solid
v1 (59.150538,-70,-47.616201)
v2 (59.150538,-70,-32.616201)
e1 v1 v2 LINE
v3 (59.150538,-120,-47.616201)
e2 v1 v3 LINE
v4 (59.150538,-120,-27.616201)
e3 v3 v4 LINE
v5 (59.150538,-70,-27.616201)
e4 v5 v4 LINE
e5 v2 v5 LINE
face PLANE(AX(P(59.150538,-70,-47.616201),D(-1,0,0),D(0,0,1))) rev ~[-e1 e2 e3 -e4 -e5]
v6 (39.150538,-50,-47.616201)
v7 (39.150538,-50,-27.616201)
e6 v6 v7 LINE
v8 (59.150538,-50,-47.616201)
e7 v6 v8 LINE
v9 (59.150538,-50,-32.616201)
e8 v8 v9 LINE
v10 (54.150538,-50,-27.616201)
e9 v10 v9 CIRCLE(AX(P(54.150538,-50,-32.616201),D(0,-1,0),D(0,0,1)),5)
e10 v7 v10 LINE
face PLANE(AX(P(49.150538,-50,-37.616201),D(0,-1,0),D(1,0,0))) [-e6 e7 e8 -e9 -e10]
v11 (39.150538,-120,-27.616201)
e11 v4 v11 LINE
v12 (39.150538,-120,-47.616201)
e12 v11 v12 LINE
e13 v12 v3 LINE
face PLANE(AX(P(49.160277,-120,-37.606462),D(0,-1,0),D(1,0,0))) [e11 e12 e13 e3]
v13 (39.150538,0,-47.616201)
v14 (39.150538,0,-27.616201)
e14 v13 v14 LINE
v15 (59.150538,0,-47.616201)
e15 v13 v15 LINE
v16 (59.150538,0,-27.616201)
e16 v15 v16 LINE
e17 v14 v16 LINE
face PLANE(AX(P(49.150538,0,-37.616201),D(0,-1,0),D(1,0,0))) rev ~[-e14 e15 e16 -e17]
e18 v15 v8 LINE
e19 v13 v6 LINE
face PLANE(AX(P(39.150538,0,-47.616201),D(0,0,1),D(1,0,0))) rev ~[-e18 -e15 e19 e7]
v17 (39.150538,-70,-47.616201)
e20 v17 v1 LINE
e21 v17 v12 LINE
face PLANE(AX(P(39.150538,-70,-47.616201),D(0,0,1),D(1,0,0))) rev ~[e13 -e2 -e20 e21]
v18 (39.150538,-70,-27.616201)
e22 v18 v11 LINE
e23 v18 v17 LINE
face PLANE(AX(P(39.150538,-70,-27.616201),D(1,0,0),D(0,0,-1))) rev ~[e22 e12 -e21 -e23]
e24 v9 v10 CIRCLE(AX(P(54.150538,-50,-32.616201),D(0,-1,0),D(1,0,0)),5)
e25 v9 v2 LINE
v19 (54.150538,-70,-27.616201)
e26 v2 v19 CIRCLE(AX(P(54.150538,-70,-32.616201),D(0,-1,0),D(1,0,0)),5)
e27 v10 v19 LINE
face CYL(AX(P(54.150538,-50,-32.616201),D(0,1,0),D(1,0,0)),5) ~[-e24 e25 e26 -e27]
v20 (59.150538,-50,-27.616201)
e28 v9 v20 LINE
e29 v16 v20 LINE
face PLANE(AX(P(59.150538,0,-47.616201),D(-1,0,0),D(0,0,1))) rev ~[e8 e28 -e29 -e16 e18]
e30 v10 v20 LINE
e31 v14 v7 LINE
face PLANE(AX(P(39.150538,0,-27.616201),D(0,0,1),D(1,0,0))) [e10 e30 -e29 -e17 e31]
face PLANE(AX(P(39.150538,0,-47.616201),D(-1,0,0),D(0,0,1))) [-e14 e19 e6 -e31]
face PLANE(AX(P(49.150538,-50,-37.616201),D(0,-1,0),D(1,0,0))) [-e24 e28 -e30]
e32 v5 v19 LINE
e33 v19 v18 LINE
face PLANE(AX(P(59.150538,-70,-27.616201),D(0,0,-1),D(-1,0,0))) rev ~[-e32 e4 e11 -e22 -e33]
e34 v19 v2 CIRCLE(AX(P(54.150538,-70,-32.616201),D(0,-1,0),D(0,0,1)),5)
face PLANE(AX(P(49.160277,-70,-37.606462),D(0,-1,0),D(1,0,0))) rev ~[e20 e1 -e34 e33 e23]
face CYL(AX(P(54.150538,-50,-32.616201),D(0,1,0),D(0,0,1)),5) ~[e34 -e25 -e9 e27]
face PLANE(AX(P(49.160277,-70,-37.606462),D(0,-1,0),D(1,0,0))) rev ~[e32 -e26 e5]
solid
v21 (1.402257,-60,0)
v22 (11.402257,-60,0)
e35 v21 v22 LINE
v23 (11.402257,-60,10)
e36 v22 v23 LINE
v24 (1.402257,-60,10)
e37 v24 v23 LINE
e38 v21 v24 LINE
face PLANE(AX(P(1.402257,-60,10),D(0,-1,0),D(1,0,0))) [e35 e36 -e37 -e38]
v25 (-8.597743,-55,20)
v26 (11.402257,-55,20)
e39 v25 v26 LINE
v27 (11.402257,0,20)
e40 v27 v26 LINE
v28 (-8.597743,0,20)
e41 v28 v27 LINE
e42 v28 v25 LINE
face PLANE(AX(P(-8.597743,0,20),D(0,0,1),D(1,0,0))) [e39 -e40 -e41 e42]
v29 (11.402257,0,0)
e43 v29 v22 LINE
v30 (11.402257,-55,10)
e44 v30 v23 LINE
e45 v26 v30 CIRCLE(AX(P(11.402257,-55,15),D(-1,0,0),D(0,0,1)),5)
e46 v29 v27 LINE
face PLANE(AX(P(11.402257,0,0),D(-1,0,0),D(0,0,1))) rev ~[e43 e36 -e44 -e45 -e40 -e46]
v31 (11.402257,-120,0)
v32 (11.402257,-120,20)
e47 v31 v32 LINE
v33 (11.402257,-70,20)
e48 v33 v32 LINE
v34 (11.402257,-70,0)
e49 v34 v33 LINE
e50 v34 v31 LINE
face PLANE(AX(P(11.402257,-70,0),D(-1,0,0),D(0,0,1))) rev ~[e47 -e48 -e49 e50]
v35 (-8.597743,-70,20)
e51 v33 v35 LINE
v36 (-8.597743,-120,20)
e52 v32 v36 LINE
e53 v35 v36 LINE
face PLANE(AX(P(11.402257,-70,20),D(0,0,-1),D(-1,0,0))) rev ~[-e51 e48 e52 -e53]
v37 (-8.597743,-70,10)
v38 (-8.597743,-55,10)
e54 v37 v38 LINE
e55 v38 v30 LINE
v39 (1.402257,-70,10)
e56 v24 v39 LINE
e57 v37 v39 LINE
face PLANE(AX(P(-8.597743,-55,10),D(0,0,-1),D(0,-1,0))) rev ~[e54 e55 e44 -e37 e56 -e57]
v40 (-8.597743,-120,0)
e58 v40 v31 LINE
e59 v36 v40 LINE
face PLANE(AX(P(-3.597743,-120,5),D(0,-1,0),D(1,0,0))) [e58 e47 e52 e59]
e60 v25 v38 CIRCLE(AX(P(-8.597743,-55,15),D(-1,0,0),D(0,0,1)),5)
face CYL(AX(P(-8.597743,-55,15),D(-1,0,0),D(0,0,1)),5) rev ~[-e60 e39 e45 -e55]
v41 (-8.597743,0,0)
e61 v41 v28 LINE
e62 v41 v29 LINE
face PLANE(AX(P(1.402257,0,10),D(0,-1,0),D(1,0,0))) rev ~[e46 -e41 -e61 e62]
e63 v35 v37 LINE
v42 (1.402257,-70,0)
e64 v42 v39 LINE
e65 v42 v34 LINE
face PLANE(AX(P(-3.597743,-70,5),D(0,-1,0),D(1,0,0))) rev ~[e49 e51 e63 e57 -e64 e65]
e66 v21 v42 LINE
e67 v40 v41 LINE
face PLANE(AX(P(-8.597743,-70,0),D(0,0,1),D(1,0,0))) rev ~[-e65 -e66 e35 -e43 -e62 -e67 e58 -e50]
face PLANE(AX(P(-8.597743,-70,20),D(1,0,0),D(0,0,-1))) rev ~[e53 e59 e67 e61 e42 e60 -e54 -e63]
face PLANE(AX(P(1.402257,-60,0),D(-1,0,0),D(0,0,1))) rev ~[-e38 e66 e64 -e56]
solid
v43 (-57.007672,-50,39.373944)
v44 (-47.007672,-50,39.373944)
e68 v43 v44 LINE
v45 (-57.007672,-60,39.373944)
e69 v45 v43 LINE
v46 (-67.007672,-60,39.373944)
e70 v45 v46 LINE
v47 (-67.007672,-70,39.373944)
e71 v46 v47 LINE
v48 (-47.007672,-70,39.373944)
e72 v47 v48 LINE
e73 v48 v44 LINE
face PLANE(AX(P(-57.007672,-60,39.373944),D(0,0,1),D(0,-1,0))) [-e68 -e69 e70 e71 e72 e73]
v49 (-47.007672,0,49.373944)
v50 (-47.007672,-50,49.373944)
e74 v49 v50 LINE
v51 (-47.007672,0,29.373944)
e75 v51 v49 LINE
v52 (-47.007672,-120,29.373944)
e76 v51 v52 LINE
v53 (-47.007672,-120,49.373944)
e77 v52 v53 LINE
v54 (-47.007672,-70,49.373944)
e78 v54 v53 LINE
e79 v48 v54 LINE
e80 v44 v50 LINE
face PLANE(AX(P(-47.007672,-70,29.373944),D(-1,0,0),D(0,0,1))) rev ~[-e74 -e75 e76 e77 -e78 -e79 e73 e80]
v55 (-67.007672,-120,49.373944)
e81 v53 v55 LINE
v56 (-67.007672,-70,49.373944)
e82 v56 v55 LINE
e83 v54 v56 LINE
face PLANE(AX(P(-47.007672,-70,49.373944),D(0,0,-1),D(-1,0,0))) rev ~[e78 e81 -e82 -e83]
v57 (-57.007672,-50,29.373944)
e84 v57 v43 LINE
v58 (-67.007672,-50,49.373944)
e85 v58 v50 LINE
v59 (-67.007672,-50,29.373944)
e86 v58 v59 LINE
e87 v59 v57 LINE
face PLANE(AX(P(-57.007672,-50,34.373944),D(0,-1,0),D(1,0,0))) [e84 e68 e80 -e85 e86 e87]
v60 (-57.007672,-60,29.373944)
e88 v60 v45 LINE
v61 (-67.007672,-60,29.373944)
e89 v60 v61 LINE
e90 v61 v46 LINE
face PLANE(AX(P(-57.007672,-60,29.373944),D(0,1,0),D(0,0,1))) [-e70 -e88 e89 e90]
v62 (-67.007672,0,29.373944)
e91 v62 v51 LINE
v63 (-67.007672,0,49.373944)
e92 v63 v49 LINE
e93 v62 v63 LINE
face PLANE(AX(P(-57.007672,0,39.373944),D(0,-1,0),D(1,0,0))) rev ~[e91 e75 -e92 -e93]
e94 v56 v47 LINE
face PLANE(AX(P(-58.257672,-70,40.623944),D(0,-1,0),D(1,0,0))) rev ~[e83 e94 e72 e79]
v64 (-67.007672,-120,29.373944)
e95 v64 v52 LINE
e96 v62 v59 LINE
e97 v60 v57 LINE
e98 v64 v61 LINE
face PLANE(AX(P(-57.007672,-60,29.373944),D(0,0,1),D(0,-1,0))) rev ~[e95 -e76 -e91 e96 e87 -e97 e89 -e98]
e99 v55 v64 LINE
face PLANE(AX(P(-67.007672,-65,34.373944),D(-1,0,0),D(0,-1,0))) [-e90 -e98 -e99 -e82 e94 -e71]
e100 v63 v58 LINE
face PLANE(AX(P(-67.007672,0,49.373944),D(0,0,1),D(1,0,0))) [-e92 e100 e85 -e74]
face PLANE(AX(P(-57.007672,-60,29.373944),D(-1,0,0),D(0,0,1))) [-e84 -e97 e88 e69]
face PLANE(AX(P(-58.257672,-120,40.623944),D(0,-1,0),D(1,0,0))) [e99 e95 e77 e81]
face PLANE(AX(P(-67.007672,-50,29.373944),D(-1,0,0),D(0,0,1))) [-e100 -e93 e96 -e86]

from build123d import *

# Parameters (mm, degrees)
F0_W      = 20
F0_H      = 20
F1_DEPTH  = 50
F2_W      = 20
F2_H      = 10
F3_DEPTH  = 10
F4_W      = 10
F4_H      = 10
F5_DEPTH  = 10
F6_W      = 10
F6_H      = 10
F7_DEPTH  = 50
F8_W      = 20
F8_H      = 20
F9_DEPTH  = 60
F10_W     = 10
F10_H     = 10
F11_DEPTH = 10
F13_DEPTH = 20
F14_W     = 10
F14_H     = 10
F15_DEPTH = 50
F16_W     = 20
F16_H     = 20
F17_DEPTH = 50
F19_DEPTH = 20
F21_DEPTH = 50
F22_DEPTH = 10
F23_W     = 10
F23_H     = 10
F24_DEPTH = 10


with BuildPart() as f1:
    # F0 (on Front) → F1 (new body)
    with BuildSketch(Plane.XZ):
        with Locations((-57.0076722652, 39.3739437685)):
            Rectangle(F0_W, F0_H)
    extrude(amount=F1_DEPTH)

    # F2 (on face) → F3 (join)
    with BuildSketch(Plane.XZ.offset(50)):
        with Locations((-57.0076722652, 34.3739437685)):
            Rectangle(F2_W, F2_H)
    extrude(amount=F3_DEPTH)

    # F4 (on face) → F5 (join)
    with BuildSketch(Plane.XZ.offset(60)):
        with Locations((-52.0076722652, 34.3739437685)):
            Rectangle(F4_W, F4_H)
    extrude(amount=F5_DEPTH)

    # F6 (on face) → F7 (join)
    with BuildSketch(Plane.XZ.offset(70)):
        Polygon((-67.0076722652, 29.3739437685), (-57.0076722652, 29.3739437685), (-57.0076722652, 39.3739437685), (-47.0076722652, 39.3739437685), (-47.0076722652, 49.3739437685), (-67.0076722652, 49.3739437685), align=None)
        with Locations((-52.0076722652, 34.3739437685)):
            Rectangle(F6_W, F6_H)
    extrude(amount=F7_DEPTH)

    # F22 (cut): a face of the model
    f22_faces = [f1.faces().sort_by_distance(p)[0] for p in [
        (-62.0076722652, -60, 34.3739437685),
    ]]
    extrude(f22_faces, amount=-F22_DEPTH, mode=Mode.SUBTRACT)

    # F23 (on face) → F24 (join)
    with BuildSketch(Plane(origin=(-57.0076722652, 0, 0), x_dir=(0, -1, 0), z_dir=(-1, 0, 0))):
        with Locations((65, 34.3739437685)):
            Rectangle(F23_W, F23_H)
    extrude(amount=F24_DEPTH)


with BuildPart() as f9:
    # F8 (on Front) → F9 (new body)
    with BuildSketch(Plane.XZ):
        with Locations((1.4022570103, 10)):
            Rectangle(F8_W, F8_H)
    extrude(amount=F9_DEPTH)

    # F10 (on face) → F11 (join)
    with BuildSketch(Plane.XZ.offset(60)):
        with Locations((-3.5977429897, 5)):
            Rectangle(F10_W, F10_H)
    extrude(amount=F11_DEPTH)

    # F12 (on face) → F13 (cut)
    with BuildSketch(Plane(origin=(-8.5977429897, 0, 0), x_dir=(0, -1, 0), z_dir=(-1, 0, 0))):
        with BuildLine():
            Line((60, 20), (55, 20))
            ThreePointArc((55, 20), (50, 15), (55, 10))
            Line((55, 10), (60, 10))
            Line((60, 10), (60, 20))
        make_face()
    extrude(amount=-F13_DEPTH, mode=Mode.SUBTRACT)

    # F14 (on face) → F15 (join)
    with BuildSketch(Plane.XZ.offset(70)):
        with Locations((-3.5977429897, 5)):
            Rectangle(F14_W, F14_H)
        Polygon((1.4022570103, 10), (1.4022570103, 0), (11.4022570103, 0), (11.4022570103, 20), (-8.5977429897, 20), (-8.5977429897, 10), align=None)
    extrude(amount=F15_DEPTH)


with BuildPart() as f17:
    # F16 (on Front) → F17 (new body)
    with BuildSketch(Plane.XZ):
        with Locations((49.1505376995, -37.6162012305)):
            Rectangle(F16_W, F16_H)
    extrude(amount=F17_DEPTH)

    # F18 (on face) → F19 (join)
    with BuildSketch(Plane.XZ.offset(50)):
        with BuildLine():
            ThreePointArc((54.1505376995, -27.6162012305), (50.6150037935, -36.1517351364), (59.1505376995, -32.6162012305))
            ThreePointArc((59.1505376995, -32.6162012305), (57.6860716054, -29.0806673245), (54.1505376995, -27.6162012305))
        make_face()
    extrude(amount=F19_DEPTH)

    # F20 (on face) → F21 (join)
    with BuildSketch(Plane.XZ.offset(70)):
        with BuildLine():
            Line((54.1505376995, -27.6162012305), (39.1505376995, -27.6162012305))
            Line((39.1505376995, -27.6162012305), (39.1505376995, -47.6162012305))
            Line((39.1505376995, -47.6162012305), (59.1505376995, -47.6162012305))
            Line((59.1505376995, -47.6162012305), (59.1505376995, -32.6162012305))
            ThreePointArc((59.1505376995, -32.6162012305), (50.6150037935, -36.1517351364), (54.1505376995, -27.6162012305))
        make_face()
        with BuildLine():
            ThreePointArc((59.1505376995, -32.6162012305), (57.6860716054, -29.0806673245), (54.1505376995, -27.6162012305))
            ThreePointArc((54.1505376995, -27.6162012305), (50.6150037935, -36.1517351364), (59.1505376995, -32.6162012305))
        make_face()
        with BuildLine():
            Line((59.1505376995, -27.6162012305), (54.1505376995, -27.6162012305))
            ThreePointArc((54.1505376995, -27.6162012305), (57.6860716054, -29.0806673245), (59.1505376995, -32.6162012305))
            Line((59.1505376995, -32.6162012305), (59.1505376995, -27.6162012305))
        make_face()
    extrude(amount=F21_DEPTH)


solid = Compound([f1.part, f9.part, f17.part])
